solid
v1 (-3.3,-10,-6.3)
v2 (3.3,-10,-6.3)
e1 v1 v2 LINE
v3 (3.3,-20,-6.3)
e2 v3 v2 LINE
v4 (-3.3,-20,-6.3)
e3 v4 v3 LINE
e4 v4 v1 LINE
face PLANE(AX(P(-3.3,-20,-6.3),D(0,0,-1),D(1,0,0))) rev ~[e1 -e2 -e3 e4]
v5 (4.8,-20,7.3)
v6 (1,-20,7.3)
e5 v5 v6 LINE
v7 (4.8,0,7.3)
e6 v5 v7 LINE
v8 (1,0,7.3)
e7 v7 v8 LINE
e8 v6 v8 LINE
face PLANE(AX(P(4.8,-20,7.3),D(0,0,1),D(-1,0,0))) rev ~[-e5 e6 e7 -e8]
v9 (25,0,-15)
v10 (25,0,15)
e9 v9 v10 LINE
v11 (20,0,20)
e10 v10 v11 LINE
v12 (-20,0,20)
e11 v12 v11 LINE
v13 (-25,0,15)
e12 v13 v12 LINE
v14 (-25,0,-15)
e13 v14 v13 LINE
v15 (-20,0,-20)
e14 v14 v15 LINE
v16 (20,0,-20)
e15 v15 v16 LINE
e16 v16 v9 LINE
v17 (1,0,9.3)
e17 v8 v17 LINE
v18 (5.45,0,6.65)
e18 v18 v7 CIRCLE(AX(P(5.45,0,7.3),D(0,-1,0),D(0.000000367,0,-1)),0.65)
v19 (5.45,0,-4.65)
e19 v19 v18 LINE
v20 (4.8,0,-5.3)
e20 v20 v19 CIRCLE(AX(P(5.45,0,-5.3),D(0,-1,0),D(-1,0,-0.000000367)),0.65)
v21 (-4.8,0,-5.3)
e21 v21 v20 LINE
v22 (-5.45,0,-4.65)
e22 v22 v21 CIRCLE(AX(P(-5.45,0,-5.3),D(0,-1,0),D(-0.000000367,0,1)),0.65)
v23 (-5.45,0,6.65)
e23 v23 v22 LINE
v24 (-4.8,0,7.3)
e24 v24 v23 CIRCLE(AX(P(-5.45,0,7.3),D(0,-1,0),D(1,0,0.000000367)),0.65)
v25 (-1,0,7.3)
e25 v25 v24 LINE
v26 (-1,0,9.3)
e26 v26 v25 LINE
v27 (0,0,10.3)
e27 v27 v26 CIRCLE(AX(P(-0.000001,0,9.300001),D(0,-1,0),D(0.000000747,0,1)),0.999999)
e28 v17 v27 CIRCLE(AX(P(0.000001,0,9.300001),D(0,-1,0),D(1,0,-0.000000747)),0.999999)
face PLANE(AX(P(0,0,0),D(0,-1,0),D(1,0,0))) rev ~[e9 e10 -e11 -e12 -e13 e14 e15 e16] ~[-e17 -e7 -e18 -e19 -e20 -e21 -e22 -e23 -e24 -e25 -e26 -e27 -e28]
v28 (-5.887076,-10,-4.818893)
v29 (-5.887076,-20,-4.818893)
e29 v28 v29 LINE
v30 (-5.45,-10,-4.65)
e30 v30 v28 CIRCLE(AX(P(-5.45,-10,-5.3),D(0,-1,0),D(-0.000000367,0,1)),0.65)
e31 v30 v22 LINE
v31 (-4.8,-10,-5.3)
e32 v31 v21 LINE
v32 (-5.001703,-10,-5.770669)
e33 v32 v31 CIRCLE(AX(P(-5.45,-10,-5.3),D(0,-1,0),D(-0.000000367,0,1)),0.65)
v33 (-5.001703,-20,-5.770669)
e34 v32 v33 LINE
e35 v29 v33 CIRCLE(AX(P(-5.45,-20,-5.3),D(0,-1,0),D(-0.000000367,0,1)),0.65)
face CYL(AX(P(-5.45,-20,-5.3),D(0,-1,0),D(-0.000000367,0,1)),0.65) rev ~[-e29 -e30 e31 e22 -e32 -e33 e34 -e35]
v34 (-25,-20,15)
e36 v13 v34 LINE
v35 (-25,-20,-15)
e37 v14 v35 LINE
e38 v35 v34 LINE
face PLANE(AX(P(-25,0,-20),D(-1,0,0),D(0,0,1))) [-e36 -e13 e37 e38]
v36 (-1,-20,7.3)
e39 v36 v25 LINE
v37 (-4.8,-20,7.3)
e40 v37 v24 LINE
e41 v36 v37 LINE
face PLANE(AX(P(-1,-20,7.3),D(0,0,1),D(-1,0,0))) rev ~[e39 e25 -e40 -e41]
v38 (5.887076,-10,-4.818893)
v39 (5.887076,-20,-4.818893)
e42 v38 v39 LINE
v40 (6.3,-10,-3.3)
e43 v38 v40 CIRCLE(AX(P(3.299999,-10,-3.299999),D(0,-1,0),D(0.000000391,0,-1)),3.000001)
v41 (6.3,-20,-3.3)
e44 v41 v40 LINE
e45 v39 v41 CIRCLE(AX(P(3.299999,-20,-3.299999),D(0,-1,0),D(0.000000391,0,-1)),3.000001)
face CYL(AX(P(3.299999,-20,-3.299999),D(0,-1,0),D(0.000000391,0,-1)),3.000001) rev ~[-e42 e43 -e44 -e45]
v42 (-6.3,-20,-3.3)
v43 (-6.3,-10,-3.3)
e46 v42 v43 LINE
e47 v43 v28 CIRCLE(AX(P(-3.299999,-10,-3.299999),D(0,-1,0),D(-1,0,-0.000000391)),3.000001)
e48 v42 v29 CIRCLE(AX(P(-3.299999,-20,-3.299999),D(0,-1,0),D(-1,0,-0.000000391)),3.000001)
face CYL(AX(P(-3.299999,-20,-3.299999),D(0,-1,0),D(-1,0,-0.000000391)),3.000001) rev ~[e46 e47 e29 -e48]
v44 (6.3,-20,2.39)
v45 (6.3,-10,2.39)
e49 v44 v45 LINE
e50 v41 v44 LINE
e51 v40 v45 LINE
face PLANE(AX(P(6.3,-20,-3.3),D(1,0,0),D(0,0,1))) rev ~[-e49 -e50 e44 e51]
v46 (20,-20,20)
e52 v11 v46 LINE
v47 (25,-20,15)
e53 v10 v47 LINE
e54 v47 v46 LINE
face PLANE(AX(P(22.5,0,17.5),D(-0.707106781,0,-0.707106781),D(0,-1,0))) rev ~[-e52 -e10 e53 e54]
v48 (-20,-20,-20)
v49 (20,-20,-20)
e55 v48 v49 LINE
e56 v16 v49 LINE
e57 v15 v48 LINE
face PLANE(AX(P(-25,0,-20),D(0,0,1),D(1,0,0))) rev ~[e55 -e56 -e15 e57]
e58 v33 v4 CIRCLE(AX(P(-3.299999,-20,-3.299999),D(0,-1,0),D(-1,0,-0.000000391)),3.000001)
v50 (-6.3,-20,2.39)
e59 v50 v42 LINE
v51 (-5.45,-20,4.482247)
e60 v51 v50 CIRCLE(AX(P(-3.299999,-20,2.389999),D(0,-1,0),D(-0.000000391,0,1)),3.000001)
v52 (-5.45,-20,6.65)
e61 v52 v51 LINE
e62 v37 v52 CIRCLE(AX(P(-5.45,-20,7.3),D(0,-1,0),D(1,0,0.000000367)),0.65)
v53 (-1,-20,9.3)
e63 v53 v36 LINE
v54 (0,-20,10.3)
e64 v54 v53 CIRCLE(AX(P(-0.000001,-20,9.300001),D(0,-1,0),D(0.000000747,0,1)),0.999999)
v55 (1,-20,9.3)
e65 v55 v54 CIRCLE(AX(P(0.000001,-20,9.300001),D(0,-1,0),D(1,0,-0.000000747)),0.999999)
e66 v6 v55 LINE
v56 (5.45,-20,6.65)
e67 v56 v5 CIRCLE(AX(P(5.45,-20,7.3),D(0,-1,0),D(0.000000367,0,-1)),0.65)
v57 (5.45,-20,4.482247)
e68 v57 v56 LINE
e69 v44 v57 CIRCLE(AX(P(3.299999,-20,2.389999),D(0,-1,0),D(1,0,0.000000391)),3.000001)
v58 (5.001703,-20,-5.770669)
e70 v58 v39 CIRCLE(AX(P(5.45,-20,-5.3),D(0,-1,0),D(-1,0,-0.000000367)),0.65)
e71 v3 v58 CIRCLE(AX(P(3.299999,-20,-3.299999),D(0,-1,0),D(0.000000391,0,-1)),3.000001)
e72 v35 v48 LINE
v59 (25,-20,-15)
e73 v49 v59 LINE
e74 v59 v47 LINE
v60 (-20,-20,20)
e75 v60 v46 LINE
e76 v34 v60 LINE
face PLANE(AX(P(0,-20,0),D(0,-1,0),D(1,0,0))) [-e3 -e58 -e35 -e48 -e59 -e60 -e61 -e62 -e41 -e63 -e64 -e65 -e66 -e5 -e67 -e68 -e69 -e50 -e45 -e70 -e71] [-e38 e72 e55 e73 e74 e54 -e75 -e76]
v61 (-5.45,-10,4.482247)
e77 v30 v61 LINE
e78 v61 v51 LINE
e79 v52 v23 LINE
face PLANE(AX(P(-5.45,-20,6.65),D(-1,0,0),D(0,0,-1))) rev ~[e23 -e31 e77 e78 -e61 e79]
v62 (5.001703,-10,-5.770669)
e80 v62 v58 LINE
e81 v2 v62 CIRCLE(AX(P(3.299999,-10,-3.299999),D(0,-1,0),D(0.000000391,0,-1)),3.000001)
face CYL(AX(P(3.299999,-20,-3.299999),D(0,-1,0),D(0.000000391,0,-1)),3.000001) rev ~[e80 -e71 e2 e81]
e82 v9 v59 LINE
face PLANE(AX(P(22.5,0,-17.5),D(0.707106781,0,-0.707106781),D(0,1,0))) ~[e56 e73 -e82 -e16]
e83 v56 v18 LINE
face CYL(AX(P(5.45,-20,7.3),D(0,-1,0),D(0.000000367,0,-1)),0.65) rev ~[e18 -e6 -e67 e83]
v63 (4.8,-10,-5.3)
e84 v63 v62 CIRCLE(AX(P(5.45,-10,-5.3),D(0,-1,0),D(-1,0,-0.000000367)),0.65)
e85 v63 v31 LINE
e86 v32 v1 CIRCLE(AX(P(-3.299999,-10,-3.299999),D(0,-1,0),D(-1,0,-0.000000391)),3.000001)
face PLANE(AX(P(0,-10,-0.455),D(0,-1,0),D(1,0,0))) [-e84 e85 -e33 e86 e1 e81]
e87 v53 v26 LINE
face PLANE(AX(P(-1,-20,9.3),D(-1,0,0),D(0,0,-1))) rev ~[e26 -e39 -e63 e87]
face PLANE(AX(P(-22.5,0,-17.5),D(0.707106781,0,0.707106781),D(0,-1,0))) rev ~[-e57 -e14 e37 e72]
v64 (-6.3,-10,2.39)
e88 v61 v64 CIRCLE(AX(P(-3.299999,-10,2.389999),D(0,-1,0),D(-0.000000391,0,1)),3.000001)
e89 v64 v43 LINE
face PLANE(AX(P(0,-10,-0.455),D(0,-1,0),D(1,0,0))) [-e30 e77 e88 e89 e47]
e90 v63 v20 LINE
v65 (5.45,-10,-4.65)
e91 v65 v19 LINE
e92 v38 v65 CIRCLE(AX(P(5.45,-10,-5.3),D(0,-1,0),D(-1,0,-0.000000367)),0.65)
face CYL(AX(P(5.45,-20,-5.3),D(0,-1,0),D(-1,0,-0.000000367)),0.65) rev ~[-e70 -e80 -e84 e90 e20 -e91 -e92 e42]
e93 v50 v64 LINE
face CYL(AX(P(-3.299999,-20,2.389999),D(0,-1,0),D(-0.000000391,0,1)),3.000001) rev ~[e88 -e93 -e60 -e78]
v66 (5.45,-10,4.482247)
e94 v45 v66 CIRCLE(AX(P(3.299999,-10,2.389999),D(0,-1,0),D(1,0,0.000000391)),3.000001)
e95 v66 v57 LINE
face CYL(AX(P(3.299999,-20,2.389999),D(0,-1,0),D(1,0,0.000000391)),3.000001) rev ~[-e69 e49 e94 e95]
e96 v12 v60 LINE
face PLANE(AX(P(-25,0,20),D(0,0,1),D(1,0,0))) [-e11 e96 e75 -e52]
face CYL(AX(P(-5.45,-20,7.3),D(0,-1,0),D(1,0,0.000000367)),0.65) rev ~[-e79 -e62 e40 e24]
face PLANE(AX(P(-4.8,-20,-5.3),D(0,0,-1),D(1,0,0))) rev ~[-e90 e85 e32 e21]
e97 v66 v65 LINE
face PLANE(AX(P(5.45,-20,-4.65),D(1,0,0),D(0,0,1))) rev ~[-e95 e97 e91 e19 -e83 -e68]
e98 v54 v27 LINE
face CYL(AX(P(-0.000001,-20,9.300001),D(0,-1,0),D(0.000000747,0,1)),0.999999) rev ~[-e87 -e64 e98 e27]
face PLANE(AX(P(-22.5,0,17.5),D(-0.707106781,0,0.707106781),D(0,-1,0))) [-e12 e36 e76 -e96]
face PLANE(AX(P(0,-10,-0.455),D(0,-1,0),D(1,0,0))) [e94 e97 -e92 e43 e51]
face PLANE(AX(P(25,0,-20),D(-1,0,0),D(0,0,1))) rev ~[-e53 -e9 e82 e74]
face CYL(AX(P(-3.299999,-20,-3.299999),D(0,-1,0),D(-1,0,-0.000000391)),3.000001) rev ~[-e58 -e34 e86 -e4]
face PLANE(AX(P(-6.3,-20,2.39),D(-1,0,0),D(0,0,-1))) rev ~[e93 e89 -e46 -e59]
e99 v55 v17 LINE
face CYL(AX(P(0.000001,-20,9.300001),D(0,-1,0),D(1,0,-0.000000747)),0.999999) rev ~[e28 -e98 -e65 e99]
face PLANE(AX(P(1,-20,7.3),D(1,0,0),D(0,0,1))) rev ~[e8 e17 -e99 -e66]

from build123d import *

# Parameters (mm, degrees)
F0_W     = 50
F0_H     = 40
F1_DEPTH = 20
F2_SIZE  = 5
F4_DEPTH = 20
F6_DEPTH = 10


with BuildPart() as f1:
    # F0 (on Front) → F1 (new body)
    with BuildSketch(Plane.XZ):
        Rectangle(F0_W, F0_H)
    extrude(amount=F1_DEPTH)

    # F2
    f2_edges = [f1.edges().sort_by_distance(p)[0] for p in [
        (-25, -10, 20),
        (25, -10, 20),
        (-25, -10, -20),
        (25, -10, -20),
    ]]
    chamfer(f2_edges, length=F2_SIZE)

    # F3 (on face) → F4 (cut)
    with BuildSketch(Plane.XZ.offset(20)):
        with BuildLine():
            Line((-1, 7.3), (-4.8, 7.3))
            ThreePointArc((-4.8, 7.3), (-5.909619, 7.759619), (-5.45, 6.65))
            Line((-5.45, 6.65), (-5.45, -4.65))
            ThreePointArc((-5.45, -4.65), (-5.909619, -5.759619), (-4.8, -5.3))
            Line((-4.8, -5.3), (4.8, -5.3))
            ThreePointArc((4.8, -5.3), (5.909619, -5.759619), (5.45, -4.65))
            Line((5.45, -4.65), (5.45, 6.65))
            ThreePointArc((5.45, 6.65), (5.909619, 7.759619), (4.8, 7.3))
            Line((4.8, 7.3), (1, 7.3))
            Line((1, 7.3), (1, 9.3))
            ThreePointArc((1, 9.3), (0.707107, 10.007107), (0, 10.3))
            ThreePointArc((0, 10.3), (-0.707107, 10.007107), (-1, 9.3))
            Line((-1, 9.3), (-1, 7.3))
        make_face()
    extrude(amount=-F4_DEPTH, mode=Mode.SUBTRACT)

    # F5 (on face) → F6 (cut)
    with BuildSketch(Plane.XZ.offset(20)):
        with BuildLine():
            ThreePointArc((-6.3, -3.3), (-5.42132, -5.42132), (-3.3, -6.3))
            Line((-3.3, -6.3), (3.3, -6.3))
            ThreePointArc((3.3, -6.3), (5.42132, -5.42132), (6.3, -3.3))
            Line((6.3, -3.3), (6.3, 2.39))
            ThreePointArc((6.3, 2.39), (5.42132, 4.51132), (3.3, 5.39))
            Line((3.3, 5.39), (-3.3, 5.39))
            ThreePointArc((-3.3, 5.39), (-5.42132, 4.51132), (-6.3, 2.39))
            Line((-6.3, 2.39), (-6.3, -3.3))
        make_face()
    extrude(amount=-F6_DEPTH, mode=Mode.SUBTRACT)


solid = f1.part
